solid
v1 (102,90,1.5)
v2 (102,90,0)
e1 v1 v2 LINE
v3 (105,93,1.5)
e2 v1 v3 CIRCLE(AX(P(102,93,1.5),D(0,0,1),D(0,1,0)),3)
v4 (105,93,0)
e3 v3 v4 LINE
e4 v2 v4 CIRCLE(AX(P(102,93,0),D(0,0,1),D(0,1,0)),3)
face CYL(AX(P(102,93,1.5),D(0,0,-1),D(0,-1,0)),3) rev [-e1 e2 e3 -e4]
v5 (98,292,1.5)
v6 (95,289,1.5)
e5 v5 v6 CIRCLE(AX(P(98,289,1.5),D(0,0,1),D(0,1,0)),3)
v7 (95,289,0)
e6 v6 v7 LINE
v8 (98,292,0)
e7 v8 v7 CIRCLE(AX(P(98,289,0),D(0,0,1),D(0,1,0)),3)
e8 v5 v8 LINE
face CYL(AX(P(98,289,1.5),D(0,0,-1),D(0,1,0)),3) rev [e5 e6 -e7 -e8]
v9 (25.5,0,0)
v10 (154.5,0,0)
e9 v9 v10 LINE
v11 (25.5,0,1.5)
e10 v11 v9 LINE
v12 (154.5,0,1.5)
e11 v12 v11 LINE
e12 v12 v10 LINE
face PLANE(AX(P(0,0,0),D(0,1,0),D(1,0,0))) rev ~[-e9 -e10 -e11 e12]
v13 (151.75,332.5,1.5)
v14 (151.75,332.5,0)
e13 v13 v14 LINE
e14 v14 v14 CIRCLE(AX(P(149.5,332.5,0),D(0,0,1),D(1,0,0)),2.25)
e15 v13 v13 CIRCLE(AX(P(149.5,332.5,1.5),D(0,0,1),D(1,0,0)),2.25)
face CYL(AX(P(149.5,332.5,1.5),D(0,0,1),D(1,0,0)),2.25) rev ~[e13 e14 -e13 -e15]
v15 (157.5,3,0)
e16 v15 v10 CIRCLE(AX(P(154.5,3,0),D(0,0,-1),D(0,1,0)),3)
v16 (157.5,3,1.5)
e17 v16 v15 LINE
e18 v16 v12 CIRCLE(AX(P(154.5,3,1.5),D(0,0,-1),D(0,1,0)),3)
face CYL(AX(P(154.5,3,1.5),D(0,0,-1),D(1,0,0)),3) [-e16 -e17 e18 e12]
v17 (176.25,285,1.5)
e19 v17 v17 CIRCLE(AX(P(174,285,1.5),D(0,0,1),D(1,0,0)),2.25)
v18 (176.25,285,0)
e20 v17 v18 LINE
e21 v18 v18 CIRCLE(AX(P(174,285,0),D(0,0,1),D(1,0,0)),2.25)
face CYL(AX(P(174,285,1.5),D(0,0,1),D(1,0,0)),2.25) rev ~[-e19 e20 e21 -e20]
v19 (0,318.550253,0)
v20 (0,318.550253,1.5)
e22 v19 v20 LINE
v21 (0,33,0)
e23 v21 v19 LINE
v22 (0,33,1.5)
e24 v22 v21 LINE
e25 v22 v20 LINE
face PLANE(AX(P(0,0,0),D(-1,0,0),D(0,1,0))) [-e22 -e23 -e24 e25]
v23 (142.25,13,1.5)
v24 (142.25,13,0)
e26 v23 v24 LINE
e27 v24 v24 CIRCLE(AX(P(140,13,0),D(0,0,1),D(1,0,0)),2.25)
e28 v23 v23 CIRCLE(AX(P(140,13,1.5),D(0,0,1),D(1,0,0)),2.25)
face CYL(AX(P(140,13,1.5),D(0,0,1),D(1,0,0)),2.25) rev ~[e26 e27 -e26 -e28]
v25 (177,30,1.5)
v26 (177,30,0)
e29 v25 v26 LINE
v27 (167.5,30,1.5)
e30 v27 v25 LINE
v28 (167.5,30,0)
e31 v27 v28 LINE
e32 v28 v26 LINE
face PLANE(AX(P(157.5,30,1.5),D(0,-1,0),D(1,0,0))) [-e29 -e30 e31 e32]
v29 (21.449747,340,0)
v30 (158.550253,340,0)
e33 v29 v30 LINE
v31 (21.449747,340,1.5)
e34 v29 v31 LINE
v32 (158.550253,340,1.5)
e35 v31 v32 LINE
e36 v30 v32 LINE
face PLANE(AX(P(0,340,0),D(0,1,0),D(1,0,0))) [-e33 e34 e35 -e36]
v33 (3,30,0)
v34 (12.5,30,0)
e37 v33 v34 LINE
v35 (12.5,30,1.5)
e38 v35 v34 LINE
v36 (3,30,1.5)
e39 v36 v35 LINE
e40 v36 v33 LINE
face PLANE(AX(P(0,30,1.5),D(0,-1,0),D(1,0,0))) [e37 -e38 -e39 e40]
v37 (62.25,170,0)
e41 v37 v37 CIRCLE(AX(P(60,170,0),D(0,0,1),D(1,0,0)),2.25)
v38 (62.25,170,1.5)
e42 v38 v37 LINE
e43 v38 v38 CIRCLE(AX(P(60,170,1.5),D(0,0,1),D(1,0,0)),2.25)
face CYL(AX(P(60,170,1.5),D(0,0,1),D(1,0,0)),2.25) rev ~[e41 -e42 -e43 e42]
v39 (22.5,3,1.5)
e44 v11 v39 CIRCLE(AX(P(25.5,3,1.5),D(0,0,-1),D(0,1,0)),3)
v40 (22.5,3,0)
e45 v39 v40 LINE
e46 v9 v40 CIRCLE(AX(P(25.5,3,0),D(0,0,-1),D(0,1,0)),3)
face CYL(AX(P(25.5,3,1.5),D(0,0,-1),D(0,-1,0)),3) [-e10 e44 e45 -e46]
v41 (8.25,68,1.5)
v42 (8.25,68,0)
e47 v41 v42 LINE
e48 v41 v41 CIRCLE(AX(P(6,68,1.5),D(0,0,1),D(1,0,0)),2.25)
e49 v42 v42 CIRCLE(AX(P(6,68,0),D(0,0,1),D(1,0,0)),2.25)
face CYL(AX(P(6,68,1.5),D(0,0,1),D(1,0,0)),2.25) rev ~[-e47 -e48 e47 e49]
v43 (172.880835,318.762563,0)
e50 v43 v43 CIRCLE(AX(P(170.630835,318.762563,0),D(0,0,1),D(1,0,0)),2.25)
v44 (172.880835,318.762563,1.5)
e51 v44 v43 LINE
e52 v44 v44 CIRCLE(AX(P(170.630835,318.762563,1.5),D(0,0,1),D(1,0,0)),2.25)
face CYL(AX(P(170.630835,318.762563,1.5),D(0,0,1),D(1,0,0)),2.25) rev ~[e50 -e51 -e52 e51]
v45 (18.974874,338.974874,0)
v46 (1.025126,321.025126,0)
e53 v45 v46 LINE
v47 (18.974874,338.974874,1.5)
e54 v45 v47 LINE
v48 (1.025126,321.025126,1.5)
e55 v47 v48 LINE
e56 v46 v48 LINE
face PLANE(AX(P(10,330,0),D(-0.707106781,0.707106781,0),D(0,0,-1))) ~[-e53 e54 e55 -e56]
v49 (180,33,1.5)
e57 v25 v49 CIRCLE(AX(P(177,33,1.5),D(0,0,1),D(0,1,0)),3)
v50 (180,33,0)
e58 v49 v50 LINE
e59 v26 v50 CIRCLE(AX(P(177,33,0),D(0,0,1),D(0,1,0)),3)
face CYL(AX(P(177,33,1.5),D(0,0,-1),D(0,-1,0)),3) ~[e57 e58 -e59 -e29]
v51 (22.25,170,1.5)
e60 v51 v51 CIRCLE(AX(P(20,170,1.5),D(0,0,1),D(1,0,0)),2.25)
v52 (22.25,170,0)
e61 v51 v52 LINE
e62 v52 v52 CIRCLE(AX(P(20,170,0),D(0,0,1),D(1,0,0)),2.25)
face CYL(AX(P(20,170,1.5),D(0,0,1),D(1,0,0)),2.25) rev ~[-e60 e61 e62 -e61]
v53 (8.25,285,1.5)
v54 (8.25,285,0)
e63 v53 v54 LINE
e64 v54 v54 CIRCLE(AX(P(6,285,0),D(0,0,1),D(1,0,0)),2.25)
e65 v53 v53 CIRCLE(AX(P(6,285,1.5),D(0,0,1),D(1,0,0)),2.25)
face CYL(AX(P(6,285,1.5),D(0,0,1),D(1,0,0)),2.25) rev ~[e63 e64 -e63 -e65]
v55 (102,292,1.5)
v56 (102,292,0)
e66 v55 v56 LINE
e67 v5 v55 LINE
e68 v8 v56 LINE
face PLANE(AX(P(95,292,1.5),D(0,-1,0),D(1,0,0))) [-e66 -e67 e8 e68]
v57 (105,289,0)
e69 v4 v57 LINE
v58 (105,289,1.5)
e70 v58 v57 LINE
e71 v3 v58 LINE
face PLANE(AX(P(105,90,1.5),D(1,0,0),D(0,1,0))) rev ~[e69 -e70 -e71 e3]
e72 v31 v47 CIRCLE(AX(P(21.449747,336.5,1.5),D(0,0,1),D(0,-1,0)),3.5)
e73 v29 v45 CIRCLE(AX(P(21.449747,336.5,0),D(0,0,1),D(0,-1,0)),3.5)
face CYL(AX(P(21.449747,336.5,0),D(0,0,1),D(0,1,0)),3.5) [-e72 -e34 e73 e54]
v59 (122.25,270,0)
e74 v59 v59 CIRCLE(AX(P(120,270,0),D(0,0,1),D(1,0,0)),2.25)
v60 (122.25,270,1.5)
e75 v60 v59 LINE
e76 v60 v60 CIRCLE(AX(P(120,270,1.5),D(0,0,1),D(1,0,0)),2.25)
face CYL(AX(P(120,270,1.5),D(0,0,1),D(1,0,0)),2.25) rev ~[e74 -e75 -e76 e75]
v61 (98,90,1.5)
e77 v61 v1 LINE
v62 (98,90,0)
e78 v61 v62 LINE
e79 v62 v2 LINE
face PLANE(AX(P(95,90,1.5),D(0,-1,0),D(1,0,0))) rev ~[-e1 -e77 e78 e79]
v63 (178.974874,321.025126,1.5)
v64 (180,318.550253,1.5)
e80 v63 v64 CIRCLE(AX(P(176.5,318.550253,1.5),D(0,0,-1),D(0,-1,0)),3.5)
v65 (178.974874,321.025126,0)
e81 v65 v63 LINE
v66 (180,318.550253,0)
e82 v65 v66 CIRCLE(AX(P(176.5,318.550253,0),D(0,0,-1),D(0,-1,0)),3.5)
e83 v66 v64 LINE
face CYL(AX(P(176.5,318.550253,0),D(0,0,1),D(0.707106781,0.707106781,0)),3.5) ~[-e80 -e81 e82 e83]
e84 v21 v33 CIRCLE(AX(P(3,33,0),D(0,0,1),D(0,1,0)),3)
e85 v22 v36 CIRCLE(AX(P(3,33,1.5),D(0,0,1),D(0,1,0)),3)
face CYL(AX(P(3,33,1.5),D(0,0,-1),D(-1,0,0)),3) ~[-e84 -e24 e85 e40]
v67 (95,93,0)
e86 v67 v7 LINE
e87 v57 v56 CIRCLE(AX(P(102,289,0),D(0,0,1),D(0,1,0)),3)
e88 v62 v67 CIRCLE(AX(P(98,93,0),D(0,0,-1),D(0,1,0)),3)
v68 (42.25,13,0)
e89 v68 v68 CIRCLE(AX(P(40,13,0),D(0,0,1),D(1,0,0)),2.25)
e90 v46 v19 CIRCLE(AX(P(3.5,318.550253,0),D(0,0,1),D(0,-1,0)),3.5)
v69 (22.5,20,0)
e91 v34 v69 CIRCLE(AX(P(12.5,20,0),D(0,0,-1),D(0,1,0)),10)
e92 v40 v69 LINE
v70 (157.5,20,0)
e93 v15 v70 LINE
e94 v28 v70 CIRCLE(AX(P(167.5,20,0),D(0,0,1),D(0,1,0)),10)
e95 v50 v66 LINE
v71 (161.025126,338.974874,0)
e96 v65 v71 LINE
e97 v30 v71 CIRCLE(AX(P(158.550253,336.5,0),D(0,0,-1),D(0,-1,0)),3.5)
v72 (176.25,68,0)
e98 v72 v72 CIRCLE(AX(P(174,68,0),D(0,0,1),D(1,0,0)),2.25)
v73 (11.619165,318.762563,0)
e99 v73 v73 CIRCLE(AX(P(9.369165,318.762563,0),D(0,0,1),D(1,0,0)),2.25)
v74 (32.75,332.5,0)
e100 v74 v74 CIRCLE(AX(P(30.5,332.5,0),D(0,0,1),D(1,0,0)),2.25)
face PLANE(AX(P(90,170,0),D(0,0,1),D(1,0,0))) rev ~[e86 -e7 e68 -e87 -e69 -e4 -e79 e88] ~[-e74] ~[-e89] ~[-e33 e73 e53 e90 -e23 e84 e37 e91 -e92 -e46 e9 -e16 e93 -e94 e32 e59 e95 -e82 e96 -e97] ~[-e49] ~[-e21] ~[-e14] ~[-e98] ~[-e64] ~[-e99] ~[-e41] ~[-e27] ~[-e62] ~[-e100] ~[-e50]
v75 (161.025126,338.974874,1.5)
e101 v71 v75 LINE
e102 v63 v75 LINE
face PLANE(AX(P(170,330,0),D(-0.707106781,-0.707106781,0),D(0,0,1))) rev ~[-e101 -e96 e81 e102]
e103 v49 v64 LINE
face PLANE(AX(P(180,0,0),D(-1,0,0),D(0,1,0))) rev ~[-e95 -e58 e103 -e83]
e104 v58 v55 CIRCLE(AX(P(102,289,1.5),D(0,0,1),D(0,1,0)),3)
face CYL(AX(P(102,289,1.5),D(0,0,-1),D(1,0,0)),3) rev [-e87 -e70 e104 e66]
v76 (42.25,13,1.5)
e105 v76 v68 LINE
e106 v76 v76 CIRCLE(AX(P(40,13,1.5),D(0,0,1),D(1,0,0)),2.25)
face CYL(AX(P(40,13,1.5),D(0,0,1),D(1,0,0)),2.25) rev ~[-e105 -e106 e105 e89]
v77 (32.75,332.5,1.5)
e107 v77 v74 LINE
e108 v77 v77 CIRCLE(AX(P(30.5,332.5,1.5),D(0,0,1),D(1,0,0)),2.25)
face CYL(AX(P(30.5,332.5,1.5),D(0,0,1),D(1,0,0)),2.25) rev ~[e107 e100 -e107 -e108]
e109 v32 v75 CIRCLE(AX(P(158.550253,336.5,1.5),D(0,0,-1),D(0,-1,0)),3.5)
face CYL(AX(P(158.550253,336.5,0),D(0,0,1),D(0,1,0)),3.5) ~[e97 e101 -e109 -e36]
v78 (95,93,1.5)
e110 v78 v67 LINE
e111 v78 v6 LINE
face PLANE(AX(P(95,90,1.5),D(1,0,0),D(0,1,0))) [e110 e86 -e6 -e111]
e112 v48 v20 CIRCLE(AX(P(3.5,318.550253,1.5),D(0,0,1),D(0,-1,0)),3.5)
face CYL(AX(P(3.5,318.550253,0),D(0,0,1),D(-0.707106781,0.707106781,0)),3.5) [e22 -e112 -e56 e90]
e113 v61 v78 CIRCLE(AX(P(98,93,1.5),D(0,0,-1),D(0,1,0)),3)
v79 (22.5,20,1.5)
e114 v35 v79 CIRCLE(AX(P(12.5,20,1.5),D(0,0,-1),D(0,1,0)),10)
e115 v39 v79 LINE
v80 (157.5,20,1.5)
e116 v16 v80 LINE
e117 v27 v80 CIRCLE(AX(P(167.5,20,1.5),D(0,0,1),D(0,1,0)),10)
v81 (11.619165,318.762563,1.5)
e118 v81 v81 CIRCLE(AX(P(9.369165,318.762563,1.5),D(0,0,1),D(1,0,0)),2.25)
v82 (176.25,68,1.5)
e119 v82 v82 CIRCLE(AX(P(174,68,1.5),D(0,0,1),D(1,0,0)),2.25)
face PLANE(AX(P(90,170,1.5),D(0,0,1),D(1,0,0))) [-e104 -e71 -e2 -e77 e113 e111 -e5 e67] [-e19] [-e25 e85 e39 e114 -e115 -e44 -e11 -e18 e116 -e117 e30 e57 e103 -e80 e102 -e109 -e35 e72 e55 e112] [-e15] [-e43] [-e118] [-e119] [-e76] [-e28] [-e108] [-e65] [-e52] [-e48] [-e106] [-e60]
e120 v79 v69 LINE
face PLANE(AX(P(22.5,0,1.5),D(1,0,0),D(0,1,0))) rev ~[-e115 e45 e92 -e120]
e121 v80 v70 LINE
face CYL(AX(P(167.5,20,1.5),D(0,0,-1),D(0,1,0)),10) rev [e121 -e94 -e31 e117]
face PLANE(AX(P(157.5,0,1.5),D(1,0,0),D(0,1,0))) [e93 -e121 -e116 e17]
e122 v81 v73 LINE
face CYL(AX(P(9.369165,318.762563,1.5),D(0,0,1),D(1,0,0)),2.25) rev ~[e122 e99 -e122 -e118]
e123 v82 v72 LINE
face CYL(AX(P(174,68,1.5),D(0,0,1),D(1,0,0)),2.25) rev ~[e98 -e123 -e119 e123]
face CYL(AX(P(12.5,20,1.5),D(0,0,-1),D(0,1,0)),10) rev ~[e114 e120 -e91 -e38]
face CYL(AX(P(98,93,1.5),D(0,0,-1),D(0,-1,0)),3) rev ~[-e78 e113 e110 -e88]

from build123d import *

# Parameters (mm, degrees)
ESQUISSE1_W                  = 180
ESQUISSE1_H                  = 340
BOSS_EXTRU_1_DEPTH           = 1.5
ESQUISSE2_R                  = 2.25
ENL_V_MAT_EXTRU_1_DEPTH      = 1
ENL_V_MAT_EXTRU_1_DEPTH_BACK = 2.5
ESQUISSE3_W                  = 22.5
ESQUISSE3_H                  = 30
ENL_V_MAT_EXTRU_2_DEPTH      = 1
ENL_V_MAT_EXTRU_2_DEPTH_BACK = 2.5
CONG_1_R                     = 10
CONG_2_R                     = 3
ESQUISSE4_W                  = 10
ESQUISSE4_H                  = 202
ENL_V_MAT_EXTRU_3_DEPTH      = 1
ENL_V_MAT_EXTRU_3_DEPTH_BACK = 2.5
CONG_3_R                     = 3
CHANFREIN1_SIZE              = 20
CHANFREIN2_SIZE              = 20
ESQUISSE5_R                  = 2.25
ENL_V_MAT_EXTRU_4_DEPTH      = 2.5
ESQUISSE6_R                  = 2.25
ENL_V_MAT_EXTRU_5_DEPTH      = 1
ENL_V_MAT_EXTRU_5_DEPTH_BACK = 2.5
CONG_4_R                     = 3.5


with BuildPart() as part:
    # Esquisse1 → Boss.-Extru.1 (new body)
    with BuildSketch(Plane.XY):
        with Locations((90, 170)):
            Rectangle(ESQUISSE1_W, ESQUISSE1_H)
    extrude(amount=BOSS_EXTRU_1_DEPTH)

    # Esquisse2 → Enlèv. mat.-Extru.1 (cut, two sides)
    with BuildSketch(Plane.XY.offset(1.5)) as enl_v_mat_extru_1_sk:
        with Locations((40, 13)):
            Circle(ESQUISSE2_R)
        with Locations((140, 13)):
            Circle(ESQUISSE2_R)
    extrude(amount=ENL_V_MAT_EXTRU_1_DEPTH, mode=Mode.SUBTRACT)
    extrude(enl_v_mat_extru_1_sk.sketch, amount=-ENL_V_MAT_EXTRU_1_DEPTH_BACK, mode=Mode.SUBTRACT)

    # Esquisse3 → Enlèv. mat.-Extru.2 (cut, two sides)
    with BuildSketch(Plane.XY.offset(1.5)) as enl_v_mat_extru_2_sk:
        with Locations((11.25, 15)):
            Rectangle(ESQUISSE3_W, ESQUISSE3_H)
        with Locations((168.75, 15)):
            Rectangle(ESQUISSE3_W, ESQUISSE3_H)
    extrude(amount=ENL_V_MAT_EXTRU_2_DEPTH, mode=Mode.SUBTRACT)
    extrude(enl_v_mat_extru_2_sk.sketch, amount=-ENL_V_MAT_EXTRU_2_DEPTH_BACK, mode=Mode.SUBTRACT)

    # Congé1
    cong_1_edges = [part.edges().sort_by_distance(p)[0] for p in [
        (22.5, 30, 0.75),
        (157.5, 30, 0.75),
    ]]
    fillet(cong_1_edges, radius=CONG_1_R)

    # Congé2
    cong_2_edges = [part.edges().sort_by_distance(p)[0] for p in [
        (0, 30, 0.75),
        (22.5, 0, 0.75),
        (180, 30, 0.75),
        (157.5, 0, 0.75),
    ]]
    fillet(cong_2_edges, radius=CONG_2_R)

    # Esquisse4 → Enlèv. mat.-Extru.3 (cut, two sides)
    with BuildSketch(Plane.XY.offset(1.5)) as enl_v_mat_extru_3_sk:
        with Locations((100, 191)):
            Rectangle(ESQUISSE4_W, ESQUISSE4_H)
    extrude(amount=ENL_V_MAT_EXTRU_3_DEPTH, mode=Mode.SUBTRACT)
    extrude(enl_v_mat_extru_3_sk.sketch, amount=-ENL_V_MAT_EXTRU_3_DEPTH_BACK, mode=Mode.SUBTRACT)

    # Congé3
    cong_3_edges = [part.edges().sort_by_distance(p)[0] for p in [
        (95, 90, 0.75),
        (95, 292, 0.75),
        (105, 292, 0.75),
        (105, 90, 0.75),
    ]]
    fillet(cong_3_edges, radius=CONG_3_R)

    # Chanfrein1
    chanfrein1_edges = [part.edges().sort_by_distance(p)[0] for p in [
        (180, 340, 0.75),
    ]]
    chamfer(chanfrein1_edges, length=CHANFREIN1_SIZE)

    # Chanfrein2
    chanfrein2_edges = [part.edges().sort_by_distance(p)[0] for p in [
        (0, 340, 0.75),
    ]]
    chamfer(chanfrein2_edges, length=CHANFREIN2_SIZE)

    # Esquisse5 → Enlèv. mat.-Extru.4 (cut, through all)
    with BuildSketch(Plane.XY.offset(1.5)):
        with Locations((120, 270)):
            Circle(ESQUISSE5_R)
    extrude(amount=-ENL_V_MAT_EXTRU_4_DEPTH, mode=Mode.SUBTRACT)

    # Esquisse6 → Enlèv. mat.-Extru.5 (cut, two sides)
    with BuildSketch(Plane.XY.offset(1.5)) as enl_v_mat_extru_5_sk:
        with Locations((6, 285)):
            Circle(ESQUISSE6_R)
        with Locations((6, 68)):
            Circle(ESQUISSE6_R)
        with Locations((174, 68)):
            Circle(ESQUISSE6_R)
        with Locations((174, 285)):
            Circle(ESQUISSE6_R)
        with Locations((20, 170)):
            Circle(ESQUISSE6_R)
        with Locations((60, 170)):
            Circle(ESQUISSE6_R)
        with Locations((149.5, 332.5)):
            Circle(ESQUISSE6_R)
        with Locations((170.630835149, 318.762563133)):
            Circle(ESQUISSE6_R)
        with Locations((9.369164851, 318.762563133)):
            Circle(ESQUISSE6_R)
        with Locations((30.5, 332.5)):
            Circle(ESQUISSE6_R)
    extrude(amount=ENL_V_MAT_EXTRU_5_DEPTH, mode=Mode.SUBTRACT)
    extrude(enl_v_mat_extru_5_sk.sketch, amount=-ENL_V_MAT_EXTRU_5_DEPTH_BACK, mode=Mode.SUBTRACT)

    # Congé4
    cong_4_edges = [part.edges().sort_by_distance(p)[0] for p in [
        (160, 340, 0.75),
        (180, 320, 0.75),
        (0, 320, 0.75),
        (20, 340, 0.75),
    ]]
    fillet(cong_4_edges, radius=CONG_4_R)


solid = part.part
